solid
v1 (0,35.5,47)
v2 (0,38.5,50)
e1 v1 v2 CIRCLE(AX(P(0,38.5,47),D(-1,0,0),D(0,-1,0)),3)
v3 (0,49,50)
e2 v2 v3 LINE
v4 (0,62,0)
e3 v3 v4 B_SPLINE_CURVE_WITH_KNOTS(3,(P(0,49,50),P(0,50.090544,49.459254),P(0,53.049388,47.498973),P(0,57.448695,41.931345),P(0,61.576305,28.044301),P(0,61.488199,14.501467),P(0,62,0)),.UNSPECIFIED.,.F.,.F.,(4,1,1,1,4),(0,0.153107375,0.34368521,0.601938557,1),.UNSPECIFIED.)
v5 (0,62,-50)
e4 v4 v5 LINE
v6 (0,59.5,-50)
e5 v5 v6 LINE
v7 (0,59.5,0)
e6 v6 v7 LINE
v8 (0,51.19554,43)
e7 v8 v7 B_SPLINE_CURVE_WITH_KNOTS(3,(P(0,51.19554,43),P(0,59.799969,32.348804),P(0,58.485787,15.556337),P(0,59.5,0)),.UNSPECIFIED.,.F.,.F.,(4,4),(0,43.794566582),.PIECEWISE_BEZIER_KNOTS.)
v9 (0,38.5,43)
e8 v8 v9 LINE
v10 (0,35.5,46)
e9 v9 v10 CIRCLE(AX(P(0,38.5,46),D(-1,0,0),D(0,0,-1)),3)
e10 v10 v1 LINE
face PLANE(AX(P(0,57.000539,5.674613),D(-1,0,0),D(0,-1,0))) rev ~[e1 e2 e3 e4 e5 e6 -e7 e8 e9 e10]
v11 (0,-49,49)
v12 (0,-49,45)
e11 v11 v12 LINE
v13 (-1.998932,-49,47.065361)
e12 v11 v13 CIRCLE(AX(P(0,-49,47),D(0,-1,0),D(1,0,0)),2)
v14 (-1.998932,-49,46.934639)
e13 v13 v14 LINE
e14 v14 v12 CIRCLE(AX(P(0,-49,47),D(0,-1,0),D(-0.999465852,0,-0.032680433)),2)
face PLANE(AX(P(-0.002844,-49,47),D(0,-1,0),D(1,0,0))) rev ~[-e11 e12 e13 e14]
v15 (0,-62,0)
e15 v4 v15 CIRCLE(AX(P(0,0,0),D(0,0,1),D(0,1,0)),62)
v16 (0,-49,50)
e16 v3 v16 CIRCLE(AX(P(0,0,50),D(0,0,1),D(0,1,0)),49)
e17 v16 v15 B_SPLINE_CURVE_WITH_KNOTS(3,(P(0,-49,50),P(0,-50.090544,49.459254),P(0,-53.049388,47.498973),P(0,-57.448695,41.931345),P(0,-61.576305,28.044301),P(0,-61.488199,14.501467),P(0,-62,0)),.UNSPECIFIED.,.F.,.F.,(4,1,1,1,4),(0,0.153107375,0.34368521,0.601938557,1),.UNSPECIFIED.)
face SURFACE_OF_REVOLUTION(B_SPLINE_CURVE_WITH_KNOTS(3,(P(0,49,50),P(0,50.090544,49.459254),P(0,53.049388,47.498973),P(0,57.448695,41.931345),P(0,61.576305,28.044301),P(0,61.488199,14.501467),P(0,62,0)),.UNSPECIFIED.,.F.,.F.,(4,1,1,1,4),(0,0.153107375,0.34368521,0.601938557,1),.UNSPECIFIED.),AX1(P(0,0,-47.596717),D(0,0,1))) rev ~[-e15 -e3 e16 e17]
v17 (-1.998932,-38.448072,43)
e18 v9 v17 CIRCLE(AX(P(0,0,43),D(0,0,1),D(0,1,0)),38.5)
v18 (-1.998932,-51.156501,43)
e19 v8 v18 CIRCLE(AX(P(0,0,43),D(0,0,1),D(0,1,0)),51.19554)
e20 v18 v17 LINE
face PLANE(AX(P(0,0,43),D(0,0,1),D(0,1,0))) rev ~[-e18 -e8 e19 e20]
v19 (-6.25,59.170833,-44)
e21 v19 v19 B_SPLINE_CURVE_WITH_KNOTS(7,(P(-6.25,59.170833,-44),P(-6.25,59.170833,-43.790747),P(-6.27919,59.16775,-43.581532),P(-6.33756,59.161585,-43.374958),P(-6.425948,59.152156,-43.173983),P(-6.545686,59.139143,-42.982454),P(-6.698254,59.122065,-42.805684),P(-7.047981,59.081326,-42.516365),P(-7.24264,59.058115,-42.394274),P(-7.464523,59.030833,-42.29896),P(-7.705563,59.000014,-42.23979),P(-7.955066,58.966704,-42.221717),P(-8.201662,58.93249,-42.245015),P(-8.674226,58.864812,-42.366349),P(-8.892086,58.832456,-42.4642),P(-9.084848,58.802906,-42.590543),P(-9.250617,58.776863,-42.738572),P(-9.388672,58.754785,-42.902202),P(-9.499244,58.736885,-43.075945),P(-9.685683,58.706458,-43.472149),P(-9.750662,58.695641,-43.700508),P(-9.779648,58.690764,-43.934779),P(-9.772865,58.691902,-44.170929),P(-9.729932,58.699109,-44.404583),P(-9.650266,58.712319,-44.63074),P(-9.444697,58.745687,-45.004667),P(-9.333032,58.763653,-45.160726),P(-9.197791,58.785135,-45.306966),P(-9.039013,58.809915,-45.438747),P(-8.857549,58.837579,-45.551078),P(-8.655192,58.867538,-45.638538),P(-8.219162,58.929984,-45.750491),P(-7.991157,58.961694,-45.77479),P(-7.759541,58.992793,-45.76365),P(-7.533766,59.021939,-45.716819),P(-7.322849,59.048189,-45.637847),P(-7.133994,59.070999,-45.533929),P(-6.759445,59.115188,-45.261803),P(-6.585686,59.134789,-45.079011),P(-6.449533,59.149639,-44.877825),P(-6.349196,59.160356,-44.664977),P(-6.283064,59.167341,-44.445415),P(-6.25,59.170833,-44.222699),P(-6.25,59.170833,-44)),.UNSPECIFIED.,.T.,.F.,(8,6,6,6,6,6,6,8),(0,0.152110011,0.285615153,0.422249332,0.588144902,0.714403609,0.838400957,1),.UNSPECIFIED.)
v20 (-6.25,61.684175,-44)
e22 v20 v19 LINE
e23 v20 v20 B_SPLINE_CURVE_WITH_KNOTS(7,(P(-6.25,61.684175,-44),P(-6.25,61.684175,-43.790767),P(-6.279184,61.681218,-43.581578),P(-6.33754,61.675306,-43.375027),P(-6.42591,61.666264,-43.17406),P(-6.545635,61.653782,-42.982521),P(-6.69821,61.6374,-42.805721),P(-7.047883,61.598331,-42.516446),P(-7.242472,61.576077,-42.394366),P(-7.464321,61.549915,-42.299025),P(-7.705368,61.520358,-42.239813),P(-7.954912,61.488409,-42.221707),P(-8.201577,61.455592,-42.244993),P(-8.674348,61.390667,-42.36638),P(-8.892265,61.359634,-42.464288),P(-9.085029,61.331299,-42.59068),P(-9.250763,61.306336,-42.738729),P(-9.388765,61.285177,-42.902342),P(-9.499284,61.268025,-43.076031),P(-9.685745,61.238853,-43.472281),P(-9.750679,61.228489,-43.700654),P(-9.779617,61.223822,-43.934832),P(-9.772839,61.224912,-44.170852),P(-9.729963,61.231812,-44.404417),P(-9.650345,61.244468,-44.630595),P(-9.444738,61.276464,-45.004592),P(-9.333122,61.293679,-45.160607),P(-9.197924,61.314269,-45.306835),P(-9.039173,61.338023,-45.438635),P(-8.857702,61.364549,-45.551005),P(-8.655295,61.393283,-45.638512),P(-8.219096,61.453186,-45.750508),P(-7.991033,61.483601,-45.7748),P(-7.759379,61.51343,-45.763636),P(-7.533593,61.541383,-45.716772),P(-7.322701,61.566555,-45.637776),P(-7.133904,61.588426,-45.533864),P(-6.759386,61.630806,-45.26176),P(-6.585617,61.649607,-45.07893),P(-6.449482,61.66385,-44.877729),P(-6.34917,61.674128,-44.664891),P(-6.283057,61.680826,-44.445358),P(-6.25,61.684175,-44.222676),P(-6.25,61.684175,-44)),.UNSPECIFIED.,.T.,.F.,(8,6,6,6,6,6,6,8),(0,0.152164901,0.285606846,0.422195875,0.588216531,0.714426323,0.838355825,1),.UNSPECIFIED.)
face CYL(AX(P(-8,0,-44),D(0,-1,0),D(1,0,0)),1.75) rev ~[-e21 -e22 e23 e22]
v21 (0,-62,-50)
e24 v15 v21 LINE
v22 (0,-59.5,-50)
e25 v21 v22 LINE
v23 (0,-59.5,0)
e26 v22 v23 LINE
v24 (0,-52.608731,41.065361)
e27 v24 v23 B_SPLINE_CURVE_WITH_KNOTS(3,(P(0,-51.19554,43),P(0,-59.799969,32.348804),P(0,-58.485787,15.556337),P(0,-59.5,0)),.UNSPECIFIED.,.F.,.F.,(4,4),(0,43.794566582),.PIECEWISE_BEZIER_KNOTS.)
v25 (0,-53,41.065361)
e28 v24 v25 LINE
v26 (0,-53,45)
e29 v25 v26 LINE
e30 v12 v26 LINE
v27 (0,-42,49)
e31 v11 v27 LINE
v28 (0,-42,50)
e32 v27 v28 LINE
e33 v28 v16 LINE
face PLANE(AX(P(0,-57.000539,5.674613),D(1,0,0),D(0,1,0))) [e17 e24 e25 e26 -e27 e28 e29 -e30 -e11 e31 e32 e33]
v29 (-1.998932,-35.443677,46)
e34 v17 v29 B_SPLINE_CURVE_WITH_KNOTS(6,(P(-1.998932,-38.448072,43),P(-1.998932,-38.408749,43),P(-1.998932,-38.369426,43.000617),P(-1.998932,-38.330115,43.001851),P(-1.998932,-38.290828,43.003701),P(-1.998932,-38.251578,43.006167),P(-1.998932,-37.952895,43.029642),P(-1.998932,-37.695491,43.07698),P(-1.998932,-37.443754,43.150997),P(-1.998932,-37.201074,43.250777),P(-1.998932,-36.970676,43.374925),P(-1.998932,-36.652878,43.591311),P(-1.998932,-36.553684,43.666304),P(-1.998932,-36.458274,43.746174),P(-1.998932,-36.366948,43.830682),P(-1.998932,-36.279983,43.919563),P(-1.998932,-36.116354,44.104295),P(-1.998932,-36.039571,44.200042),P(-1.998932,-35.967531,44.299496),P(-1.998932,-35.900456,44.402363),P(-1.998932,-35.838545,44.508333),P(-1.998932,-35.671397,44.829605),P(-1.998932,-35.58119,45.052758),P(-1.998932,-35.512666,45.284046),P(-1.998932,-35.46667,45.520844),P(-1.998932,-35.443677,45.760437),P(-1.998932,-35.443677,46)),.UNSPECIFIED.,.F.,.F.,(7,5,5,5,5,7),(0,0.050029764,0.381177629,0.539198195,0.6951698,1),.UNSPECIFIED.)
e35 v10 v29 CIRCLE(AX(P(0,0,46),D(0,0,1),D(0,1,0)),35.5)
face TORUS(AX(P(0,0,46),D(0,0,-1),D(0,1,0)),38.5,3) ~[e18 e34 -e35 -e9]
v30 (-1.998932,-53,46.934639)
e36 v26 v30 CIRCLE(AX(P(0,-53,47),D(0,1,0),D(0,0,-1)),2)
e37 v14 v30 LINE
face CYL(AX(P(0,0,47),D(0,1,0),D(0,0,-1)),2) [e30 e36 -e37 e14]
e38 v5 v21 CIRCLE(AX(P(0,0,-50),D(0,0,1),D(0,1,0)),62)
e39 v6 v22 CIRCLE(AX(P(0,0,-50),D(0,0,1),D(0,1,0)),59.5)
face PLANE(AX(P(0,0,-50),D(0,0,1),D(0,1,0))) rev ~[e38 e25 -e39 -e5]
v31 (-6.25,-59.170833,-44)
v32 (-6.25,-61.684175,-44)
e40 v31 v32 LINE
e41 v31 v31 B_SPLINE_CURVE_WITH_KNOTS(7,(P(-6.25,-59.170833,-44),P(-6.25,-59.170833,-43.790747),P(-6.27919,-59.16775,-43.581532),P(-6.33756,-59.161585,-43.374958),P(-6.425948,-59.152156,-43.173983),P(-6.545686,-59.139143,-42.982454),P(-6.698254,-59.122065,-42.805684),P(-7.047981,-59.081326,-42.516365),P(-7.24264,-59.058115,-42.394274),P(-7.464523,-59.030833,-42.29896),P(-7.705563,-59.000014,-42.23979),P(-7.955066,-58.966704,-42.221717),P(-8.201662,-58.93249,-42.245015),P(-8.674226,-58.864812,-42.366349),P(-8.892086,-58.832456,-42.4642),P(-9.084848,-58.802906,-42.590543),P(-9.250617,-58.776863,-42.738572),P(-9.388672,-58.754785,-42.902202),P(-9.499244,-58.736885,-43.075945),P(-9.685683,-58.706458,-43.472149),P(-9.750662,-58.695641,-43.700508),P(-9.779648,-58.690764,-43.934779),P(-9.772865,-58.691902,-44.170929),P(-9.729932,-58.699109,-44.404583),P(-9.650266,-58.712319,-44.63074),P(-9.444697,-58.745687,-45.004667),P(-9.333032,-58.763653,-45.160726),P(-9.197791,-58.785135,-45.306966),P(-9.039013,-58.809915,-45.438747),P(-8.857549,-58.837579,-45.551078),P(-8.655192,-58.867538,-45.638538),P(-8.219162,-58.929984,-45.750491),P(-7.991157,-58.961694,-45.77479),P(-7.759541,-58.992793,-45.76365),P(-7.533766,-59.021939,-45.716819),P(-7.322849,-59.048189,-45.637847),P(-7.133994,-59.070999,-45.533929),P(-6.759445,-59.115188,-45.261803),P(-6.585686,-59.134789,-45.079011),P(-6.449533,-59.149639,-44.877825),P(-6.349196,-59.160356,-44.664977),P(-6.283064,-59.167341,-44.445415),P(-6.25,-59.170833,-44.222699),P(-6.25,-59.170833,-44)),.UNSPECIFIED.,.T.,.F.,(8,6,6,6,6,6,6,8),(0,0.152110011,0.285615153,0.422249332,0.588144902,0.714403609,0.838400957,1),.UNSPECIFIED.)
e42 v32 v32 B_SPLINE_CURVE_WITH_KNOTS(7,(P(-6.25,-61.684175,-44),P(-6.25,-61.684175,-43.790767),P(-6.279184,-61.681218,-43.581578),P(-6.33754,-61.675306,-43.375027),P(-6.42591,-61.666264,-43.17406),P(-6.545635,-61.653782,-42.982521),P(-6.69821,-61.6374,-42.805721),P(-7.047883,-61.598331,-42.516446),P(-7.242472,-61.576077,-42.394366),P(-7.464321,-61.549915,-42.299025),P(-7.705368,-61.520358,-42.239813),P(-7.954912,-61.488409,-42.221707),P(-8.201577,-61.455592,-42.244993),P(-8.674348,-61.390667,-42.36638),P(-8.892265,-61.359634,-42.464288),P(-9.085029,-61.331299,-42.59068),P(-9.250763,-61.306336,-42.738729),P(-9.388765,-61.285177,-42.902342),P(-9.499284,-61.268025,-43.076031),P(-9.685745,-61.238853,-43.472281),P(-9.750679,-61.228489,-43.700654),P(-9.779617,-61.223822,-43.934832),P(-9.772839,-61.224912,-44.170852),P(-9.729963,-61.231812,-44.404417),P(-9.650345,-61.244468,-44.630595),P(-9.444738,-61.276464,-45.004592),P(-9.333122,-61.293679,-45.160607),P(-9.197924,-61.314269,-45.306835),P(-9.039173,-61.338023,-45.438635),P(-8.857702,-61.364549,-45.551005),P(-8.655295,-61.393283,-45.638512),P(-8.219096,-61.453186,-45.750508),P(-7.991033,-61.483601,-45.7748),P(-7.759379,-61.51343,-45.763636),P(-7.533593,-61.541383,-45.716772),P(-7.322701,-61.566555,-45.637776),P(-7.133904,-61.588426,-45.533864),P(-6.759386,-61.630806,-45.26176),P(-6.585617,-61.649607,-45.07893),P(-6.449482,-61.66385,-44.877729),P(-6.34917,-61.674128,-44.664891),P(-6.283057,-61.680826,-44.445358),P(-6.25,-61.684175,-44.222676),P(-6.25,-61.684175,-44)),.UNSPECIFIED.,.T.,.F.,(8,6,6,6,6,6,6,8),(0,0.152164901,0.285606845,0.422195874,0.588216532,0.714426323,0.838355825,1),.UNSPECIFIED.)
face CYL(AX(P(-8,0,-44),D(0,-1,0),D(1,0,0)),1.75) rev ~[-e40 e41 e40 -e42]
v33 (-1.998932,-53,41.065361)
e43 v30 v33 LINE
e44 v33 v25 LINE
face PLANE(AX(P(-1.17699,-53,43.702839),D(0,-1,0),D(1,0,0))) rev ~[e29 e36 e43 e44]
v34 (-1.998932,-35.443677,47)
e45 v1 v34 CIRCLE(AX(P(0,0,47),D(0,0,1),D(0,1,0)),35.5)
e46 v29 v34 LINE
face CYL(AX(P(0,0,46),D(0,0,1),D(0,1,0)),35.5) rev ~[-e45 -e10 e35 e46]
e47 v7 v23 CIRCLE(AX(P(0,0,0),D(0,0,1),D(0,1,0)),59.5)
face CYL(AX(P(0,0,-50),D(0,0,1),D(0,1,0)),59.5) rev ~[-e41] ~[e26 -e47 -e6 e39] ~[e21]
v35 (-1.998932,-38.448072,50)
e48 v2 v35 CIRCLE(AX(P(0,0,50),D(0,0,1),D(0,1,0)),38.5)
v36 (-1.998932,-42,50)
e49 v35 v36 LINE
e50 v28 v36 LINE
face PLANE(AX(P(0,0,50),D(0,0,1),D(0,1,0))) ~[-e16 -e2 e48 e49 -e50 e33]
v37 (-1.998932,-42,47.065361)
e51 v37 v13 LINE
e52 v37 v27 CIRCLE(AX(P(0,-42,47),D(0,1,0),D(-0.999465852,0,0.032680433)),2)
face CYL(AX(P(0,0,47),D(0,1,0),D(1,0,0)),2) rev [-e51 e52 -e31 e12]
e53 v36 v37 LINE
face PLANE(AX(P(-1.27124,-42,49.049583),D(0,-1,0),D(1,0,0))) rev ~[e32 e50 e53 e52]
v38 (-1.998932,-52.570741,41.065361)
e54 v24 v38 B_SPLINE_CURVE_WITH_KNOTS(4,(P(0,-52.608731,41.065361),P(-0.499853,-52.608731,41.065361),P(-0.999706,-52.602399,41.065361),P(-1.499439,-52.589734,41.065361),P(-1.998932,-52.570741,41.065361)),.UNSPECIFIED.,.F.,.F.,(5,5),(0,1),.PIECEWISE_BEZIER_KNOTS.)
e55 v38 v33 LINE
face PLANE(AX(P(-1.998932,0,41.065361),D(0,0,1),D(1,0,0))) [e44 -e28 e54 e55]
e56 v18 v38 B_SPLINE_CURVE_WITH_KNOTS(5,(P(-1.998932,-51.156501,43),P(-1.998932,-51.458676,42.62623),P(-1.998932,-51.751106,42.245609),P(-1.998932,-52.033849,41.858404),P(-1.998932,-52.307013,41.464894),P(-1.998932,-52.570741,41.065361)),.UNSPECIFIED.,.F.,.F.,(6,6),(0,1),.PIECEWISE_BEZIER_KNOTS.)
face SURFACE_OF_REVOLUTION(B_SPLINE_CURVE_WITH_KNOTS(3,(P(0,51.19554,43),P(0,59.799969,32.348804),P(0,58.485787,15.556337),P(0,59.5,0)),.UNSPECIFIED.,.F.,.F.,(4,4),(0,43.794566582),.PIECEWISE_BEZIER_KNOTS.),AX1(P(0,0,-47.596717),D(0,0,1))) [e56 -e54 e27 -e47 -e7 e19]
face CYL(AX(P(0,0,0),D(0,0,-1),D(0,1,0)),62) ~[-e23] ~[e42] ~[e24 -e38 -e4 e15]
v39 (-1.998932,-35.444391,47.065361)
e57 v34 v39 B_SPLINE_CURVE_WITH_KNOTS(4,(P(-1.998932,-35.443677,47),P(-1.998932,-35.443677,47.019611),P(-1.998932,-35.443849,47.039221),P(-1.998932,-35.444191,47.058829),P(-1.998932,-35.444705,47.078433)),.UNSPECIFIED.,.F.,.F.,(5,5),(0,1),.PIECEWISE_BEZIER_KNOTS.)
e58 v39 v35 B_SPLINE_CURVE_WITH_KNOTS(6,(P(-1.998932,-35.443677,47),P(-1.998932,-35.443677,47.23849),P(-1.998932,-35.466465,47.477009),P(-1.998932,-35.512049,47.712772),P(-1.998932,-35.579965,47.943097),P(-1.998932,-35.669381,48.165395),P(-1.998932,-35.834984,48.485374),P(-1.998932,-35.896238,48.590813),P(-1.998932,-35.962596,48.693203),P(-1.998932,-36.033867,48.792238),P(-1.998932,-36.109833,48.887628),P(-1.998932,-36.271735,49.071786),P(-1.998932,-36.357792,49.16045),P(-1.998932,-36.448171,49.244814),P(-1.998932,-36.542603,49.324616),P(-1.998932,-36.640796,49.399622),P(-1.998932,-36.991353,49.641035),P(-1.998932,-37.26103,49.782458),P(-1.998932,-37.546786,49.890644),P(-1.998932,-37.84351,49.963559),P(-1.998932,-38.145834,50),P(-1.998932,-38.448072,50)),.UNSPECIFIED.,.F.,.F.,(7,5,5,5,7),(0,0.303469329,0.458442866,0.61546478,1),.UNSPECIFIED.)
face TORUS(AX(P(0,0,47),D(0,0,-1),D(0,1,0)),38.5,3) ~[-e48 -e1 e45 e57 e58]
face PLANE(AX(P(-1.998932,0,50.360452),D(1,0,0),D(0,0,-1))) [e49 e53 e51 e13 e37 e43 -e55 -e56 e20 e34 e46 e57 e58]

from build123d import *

# Parameters (mm, degrees)
F1_ANGLE_BACK = 90
F1_ANGLE      = 180
F3_DEPTH      = 49
F4_DEPTH      = 42
F5_DEPTH      = 53
F6_R          = 1.75
F7_DEPTH      = 62.5


with BuildPart() as f1:
    # F0 (on Front) → F1 (revolve)
    with BuildSketch(Plane.XZ, mode=Mode.PRIVATE) as f1_sk:
        with BuildLine():
            ThreePointArc((-35.5, 47), (-36.3786796564, 49.1213203436), (-38.5, 50))
            Line((-38.5, 50), (-49, 50))
            add(Edge.make_bspline(
                [(-49, 50), (-50.0905438599, 49.4592544488), (-53.0493875637, 47.4989733534), (-57.4486951492, 41.931344871), (-61.5763053799, 28.0443008729), (-61.4881986154, 14.5014666819), (-62, 0)],
                knots=[0, 0, 0, 0, 0.1531073754, 0.3436852098, 0.6019385566, 1, 1, 1, 1], degree=3))
            Line((-62, 0), (-62, -50))
            Line((-62, -50), (-59.5, -50))
            Line((-59.5, -50), (-59.5, 0))
            add(Edge.make_bspline(
                [(-51.1955396277, 43), (-59.7999691963, 32.3488041759), (-58.4857873619, 15.5563373119), (-59.5, 0)],
                knots=[0, 0, 0, 0, 43.7945665817, 43.7945665817, 43.7945665817, 43.7945665817], degree=3))
            Line((-51.1955396277, 43), (-38.5, 43))
            ThreePointArc((-38.5, 43), (-36.3786796564, 43.8786796564), (-35.5, 46))
            Line((-35.5, 46), (-35.5, 47))
        make_face()
    revolve(f1_sk.sketch.rotate(Axis((0, 0, -47.5967168808), (0, 0, 1)), -F1_ANGLE_BACK), axis=Axis((0, 0, -47.5967168808), (0, 0, 1)), revolution_arc=F1_ANGLE)

    # F2 (on Front) → F3 (cut)
    with BuildSketch(Plane.XZ):
        with BuildLine():
            ThreePointArc((0, 45), (1.4142135624, 45.5857864376), (2, 47))
            ThreePointArc((2, 47), (1.4142135624, 48.4142135624), (0, 49))
            ThreePointArc((0, 49), (-1.3909130574, 48.4371363424), (-1.998931704, 47.0653608667))
            Line((-1.998931704, 47.0653608667), (-1.998931704, 46.9346391333))
            ThreePointArc((-1.998931704, 46.9346391333), (-1.3909130574, 45.5628636576), (0, 45))
        make_face()
    extrude(amount=F3_DEPTH, mode=Mode.SUBTRACT)

    # F2 (on Front) → F4 (cut)
    with BuildSketch(Plane.XZ):
        with BuildLine():
            ThreePointArc((-1.998931704, 47.0653608667), (-1.3909130574, 48.4371363424), (0, 49))
            Line((0, 49), (0, 50.3604523001))
            Line((0, 50.3604523001), (-1.998931704, 50.3604523001))
            Line((-1.998931704, 50.3604523001), (-1.998931704, 47.0653608667))
        make_face()
    extrude(amount=F4_DEPTH, mode=Mode.SUBTRACT)

    # F2 (on Front) → F5 (cut)
    with BuildSketch(Plane.XZ):
        with BuildLine():
            Line((0, 41.0653608667), (0, 45))
            ThreePointArc((0, 45), (-1.3909130574, 45.5628636576), (-1.998931704, 46.9346391333))
            Line((-1.998931704, 46.9346391333), (-1.998931704, 41.0653608667))
            Line((-1.998931704, 41.0653608667), (0, 41.0653608667))
        make_face()
    extrude(amount=F5_DEPTH, mode=Mode.SUBTRACT)

    # F6 (on Front) → F7 (cut, symmetric)
    with BuildSketch(Plane.XZ):
        with Locations((-8, -44)):
            Circle(F6_R)
    extrude(amount=F7_DEPTH, both=True, mode=Mode.SUBTRACT)


solid = f1.part
